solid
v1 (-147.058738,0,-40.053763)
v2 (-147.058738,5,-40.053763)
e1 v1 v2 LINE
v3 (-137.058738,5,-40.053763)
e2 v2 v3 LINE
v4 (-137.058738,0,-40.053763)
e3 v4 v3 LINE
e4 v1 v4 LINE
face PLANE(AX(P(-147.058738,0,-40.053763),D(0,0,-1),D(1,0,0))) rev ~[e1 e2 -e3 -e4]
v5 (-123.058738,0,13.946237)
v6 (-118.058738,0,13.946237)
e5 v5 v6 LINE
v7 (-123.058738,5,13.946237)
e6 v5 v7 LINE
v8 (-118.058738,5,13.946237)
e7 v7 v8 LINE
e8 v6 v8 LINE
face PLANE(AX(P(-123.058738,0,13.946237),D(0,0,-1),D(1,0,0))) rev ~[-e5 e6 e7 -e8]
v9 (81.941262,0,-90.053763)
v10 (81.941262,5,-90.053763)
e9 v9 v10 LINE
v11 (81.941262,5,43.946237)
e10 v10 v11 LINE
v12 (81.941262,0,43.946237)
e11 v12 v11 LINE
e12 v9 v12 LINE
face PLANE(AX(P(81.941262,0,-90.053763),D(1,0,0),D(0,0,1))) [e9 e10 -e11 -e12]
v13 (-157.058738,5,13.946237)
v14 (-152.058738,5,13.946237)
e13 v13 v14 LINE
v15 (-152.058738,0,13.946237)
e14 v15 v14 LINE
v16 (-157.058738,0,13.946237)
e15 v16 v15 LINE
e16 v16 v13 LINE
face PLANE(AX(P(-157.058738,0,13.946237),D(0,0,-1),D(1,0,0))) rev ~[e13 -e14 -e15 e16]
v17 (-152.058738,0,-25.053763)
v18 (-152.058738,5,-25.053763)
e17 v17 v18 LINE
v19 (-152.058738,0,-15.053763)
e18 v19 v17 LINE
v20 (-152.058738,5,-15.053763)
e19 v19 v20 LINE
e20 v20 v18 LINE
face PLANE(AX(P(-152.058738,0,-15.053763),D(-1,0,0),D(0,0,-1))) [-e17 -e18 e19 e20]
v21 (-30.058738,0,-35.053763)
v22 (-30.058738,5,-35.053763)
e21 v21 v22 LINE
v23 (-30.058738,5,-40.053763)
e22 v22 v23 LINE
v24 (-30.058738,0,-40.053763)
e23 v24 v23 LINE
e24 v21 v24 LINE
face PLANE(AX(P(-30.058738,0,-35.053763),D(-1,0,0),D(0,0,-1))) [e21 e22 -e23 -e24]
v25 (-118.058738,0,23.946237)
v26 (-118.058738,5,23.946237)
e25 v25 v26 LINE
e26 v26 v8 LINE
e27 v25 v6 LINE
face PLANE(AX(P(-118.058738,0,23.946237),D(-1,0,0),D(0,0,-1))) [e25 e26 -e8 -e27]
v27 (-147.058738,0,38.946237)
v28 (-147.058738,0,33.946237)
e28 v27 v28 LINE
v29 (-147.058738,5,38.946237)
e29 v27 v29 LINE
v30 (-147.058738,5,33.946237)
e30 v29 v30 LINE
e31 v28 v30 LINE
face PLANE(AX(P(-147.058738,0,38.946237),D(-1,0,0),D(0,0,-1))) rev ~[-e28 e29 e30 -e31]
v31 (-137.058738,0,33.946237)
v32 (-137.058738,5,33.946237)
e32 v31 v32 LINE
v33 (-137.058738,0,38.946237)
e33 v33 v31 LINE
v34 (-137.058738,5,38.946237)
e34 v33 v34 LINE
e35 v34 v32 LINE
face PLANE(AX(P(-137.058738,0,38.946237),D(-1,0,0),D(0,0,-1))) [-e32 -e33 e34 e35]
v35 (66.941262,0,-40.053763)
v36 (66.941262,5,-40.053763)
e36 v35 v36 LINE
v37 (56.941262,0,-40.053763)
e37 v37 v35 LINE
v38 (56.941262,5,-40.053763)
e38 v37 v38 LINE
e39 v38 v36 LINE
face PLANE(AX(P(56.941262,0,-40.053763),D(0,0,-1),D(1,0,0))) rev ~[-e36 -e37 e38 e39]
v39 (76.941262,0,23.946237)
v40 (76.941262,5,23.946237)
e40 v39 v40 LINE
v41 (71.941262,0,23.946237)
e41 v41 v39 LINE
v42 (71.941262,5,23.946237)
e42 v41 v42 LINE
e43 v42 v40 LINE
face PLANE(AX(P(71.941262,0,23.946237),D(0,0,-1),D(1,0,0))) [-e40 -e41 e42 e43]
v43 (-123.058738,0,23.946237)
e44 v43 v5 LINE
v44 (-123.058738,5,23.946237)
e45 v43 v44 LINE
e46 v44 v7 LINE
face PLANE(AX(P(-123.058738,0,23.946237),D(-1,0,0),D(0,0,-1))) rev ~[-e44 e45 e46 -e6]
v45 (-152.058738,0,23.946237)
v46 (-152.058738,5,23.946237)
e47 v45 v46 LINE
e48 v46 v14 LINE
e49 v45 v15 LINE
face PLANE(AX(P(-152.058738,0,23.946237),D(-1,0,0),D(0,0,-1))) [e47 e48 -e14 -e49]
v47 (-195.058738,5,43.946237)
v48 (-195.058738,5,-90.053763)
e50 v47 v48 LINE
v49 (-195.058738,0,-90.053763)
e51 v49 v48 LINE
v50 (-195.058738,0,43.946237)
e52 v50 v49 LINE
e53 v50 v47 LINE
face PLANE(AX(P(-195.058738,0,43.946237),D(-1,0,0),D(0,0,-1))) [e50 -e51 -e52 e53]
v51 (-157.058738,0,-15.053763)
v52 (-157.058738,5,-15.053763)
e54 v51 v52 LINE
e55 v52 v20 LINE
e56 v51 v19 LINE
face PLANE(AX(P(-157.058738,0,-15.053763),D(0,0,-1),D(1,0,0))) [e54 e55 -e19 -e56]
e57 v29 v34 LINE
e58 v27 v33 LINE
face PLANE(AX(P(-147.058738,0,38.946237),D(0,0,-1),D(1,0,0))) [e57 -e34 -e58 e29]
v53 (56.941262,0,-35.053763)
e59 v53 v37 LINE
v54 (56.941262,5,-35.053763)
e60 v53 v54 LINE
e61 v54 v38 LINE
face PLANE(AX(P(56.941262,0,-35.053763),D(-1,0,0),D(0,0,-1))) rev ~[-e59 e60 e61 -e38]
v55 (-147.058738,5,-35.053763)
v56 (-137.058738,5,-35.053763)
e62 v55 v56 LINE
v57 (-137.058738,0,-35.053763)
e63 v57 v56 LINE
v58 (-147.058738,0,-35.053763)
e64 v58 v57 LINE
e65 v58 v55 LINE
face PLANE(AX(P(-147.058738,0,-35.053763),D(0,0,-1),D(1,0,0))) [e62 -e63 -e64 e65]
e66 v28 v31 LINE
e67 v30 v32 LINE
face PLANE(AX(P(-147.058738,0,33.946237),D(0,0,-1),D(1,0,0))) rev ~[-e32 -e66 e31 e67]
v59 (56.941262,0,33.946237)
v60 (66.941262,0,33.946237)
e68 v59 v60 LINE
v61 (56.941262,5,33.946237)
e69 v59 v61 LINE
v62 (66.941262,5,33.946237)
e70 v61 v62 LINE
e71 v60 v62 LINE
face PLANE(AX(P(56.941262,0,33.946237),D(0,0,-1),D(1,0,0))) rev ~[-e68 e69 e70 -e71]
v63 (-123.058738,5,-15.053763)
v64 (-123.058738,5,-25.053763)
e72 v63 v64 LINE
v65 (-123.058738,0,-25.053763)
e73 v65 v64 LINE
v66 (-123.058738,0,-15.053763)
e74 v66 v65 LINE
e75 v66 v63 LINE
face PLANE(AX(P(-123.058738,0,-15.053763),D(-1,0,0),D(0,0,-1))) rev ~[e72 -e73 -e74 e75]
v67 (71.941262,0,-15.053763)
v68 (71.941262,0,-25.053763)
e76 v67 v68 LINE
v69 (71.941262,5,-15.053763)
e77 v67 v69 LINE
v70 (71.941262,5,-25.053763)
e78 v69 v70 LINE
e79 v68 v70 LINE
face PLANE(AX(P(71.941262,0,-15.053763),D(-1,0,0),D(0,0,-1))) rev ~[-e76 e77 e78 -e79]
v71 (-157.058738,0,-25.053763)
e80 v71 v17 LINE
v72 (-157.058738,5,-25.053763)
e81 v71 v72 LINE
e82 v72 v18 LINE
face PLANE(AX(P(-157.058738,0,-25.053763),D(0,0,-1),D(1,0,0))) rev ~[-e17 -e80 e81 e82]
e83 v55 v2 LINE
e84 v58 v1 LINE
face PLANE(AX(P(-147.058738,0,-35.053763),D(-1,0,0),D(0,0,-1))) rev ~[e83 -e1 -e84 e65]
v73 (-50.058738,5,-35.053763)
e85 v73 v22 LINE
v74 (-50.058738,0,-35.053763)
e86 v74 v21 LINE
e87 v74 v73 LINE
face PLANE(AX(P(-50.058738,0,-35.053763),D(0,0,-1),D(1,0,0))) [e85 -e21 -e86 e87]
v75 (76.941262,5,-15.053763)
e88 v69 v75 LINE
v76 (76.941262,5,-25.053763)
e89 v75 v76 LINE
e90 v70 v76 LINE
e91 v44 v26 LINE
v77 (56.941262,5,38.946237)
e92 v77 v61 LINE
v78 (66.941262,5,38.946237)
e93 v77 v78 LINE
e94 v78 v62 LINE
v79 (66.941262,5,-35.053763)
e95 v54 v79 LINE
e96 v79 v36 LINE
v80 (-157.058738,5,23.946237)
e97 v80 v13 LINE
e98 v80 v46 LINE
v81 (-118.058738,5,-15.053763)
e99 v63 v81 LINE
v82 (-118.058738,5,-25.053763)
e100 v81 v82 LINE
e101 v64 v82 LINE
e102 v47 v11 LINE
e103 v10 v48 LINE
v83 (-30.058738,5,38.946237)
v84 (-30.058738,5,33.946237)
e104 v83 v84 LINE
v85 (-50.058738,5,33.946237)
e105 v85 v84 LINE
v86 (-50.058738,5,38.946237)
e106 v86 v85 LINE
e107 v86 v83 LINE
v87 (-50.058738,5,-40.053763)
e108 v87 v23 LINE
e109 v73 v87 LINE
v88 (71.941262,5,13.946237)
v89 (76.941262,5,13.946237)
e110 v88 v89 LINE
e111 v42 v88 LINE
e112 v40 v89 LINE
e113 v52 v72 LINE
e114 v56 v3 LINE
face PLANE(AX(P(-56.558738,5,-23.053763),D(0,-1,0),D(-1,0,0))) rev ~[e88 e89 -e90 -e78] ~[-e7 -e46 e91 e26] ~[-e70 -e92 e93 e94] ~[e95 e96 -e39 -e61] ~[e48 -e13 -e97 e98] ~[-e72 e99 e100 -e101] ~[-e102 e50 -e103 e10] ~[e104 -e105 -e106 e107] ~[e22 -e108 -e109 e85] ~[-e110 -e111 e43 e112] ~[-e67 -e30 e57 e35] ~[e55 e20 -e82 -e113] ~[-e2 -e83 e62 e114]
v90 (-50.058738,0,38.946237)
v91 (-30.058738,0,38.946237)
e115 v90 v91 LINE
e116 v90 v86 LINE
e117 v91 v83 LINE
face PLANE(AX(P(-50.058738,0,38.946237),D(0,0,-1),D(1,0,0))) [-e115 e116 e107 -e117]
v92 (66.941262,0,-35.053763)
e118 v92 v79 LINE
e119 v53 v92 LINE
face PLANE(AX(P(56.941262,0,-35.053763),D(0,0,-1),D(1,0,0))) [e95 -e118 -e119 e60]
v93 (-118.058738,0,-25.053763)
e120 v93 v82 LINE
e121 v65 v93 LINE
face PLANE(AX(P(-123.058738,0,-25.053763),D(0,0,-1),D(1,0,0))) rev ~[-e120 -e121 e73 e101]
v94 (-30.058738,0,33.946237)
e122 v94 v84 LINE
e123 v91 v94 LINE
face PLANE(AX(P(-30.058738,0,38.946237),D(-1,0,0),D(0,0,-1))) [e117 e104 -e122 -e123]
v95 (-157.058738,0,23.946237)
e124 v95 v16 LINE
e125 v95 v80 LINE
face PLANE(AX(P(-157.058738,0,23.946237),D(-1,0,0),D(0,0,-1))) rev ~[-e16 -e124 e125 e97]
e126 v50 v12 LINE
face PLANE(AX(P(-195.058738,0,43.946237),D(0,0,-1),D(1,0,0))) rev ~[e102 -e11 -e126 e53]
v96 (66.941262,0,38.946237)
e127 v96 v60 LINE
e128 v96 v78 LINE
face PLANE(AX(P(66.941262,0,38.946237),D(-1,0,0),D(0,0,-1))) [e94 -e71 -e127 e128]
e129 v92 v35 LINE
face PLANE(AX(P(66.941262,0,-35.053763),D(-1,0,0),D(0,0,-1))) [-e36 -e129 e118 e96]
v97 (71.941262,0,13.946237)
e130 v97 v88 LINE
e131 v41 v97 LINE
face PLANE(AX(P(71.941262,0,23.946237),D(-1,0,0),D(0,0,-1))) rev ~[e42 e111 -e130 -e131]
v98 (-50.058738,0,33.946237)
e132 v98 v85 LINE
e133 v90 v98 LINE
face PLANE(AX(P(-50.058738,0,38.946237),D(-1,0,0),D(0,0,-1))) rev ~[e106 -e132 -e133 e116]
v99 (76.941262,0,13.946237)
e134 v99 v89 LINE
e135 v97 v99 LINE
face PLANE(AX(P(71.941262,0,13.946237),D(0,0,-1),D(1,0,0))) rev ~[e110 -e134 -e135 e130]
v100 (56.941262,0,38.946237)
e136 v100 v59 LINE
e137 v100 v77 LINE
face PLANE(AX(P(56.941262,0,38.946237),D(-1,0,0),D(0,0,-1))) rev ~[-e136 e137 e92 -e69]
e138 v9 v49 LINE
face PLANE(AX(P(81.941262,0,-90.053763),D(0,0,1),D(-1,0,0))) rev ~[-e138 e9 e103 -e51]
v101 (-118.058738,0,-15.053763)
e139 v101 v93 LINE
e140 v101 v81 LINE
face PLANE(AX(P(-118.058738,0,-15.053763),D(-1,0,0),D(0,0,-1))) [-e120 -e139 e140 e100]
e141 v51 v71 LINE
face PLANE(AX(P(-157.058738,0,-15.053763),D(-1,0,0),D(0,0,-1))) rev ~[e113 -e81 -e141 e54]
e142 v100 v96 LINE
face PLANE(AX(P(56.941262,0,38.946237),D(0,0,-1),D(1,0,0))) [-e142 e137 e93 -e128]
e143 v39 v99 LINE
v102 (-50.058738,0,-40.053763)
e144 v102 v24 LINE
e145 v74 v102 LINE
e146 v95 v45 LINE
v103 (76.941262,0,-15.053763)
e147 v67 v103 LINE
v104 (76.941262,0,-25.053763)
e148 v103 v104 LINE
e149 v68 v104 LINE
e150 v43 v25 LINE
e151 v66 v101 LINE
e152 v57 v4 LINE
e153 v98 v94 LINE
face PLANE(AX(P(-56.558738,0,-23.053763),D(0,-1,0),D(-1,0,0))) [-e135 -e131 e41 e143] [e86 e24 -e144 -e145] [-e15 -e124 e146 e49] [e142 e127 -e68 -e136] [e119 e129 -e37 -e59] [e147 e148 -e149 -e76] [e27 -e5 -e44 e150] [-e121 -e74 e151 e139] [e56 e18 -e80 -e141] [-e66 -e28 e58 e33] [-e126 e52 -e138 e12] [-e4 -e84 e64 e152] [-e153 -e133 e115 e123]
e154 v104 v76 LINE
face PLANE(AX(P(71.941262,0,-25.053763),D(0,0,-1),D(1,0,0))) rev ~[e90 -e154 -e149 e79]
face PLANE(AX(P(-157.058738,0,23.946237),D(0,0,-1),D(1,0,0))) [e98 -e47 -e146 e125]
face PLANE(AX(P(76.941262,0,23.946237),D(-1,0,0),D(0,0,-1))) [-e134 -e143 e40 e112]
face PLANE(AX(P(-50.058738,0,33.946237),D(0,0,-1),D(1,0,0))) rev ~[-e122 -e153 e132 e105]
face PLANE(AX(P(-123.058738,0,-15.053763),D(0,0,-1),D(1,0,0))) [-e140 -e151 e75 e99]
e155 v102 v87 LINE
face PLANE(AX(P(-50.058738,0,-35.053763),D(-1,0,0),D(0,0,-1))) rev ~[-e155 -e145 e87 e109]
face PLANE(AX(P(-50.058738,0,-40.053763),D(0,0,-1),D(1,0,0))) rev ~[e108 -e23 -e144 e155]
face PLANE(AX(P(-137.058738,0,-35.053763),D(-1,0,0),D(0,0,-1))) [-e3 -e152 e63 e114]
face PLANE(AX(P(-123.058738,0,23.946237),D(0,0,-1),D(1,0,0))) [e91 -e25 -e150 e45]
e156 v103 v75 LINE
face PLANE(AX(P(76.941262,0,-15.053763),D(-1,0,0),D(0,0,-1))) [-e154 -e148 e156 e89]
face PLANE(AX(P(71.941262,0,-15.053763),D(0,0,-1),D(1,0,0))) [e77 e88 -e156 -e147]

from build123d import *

# Parameters (mm, degrees)
SKETCH_1_W      = 10
SKETCH_1_H      = 5
SKETCH_1_W_2    = 20
SKETCH_1_W_3    = 5
SKETCH_1_H_2    = 10
EXTRUDE_1_DEPTH = 5


with BuildPart() as part:
    # 草图1 → 凸台-拉伸1 (new body)
    with BuildSketch(Plane(origin=(0, 0, 0), x_dir=(1, 0, 0), z_dir=(0, 1, 0))):
        Polygon((-195.058737628, 90.053763441), (76.941262372, 90.053763441), (81.941262372, 90.053763441), (81.941262372, -43.946236559), (76.941262372, -43.946236559), (-195.058737628, -43.946236559), align=None)
        with Locations((61.941262372, 37.553763441)):
            Rectangle(SKETCH_1_W, SKETCH_1_H, mode=Mode.SUBTRACT)
        with Locations((-142.058737628, 37.553763441)):
            Rectangle(SKETCH_1_W, SKETCH_1_H, mode=Mode.SUBTRACT)
        with Locations((-142.058737628, -36.446236559)):
            Rectangle(SKETCH_1_W, SKETCH_1_H, mode=Mode.SUBTRACT)
        with Locations((61.941262372, -36.446236559)):
            Rectangle(SKETCH_1_W, SKETCH_1_H, mode=Mode.SUBTRACT)
        with Locations((-40.058737628, 37.553763441)):
            Rectangle(SKETCH_1_W_2, SKETCH_1_H, mode=Mode.SUBTRACT)
        with Locations((-154.558737628, 20.053763441)):
            Rectangle(SKETCH_1_W_3, SKETCH_1_H_2, mode=Mode.SUBTRACT)
        with Locations((-154.558737628, -18.946236559)):
            Rectangle(SKETCH_1_W_3, SKETCH_1_H_2, mode=Mode.SUBTRACT)
        with Locations((74.441262372, 20.053763441)):
            Rectangle(SKETCH_1_W_3, SKETCH_1_H_2, mode=Mode.SUBTRACT)
        with Locations((74.441262372, -18.946236559)):
            Rectangle(SKETCH_1_W_3, SKETCH_1_H_2, mode=Mode.SUBTRACT)
        with Locations((-40.058737628, -36.446236559)):
            Rectangle(SKETCH_1_W_2, SKETCH_1_H, mode=Mode.SUBTRACT)
        with Locations((-120.558737628, 20.053763441)):
            Rectangle(SKETCH_1_W_3, SKETCH_1_H_2, mode=Mode.SUBTRACT)
        with Locations((-120.558737628, -18.946236559)):
            Rectangle(SKETCH_1_W_3, SKETCH_1_H_2, mode=Mode.SUBTRACT)
    extrude(amount=EXTRUDE_1_DEPTH)


solid = part.part
